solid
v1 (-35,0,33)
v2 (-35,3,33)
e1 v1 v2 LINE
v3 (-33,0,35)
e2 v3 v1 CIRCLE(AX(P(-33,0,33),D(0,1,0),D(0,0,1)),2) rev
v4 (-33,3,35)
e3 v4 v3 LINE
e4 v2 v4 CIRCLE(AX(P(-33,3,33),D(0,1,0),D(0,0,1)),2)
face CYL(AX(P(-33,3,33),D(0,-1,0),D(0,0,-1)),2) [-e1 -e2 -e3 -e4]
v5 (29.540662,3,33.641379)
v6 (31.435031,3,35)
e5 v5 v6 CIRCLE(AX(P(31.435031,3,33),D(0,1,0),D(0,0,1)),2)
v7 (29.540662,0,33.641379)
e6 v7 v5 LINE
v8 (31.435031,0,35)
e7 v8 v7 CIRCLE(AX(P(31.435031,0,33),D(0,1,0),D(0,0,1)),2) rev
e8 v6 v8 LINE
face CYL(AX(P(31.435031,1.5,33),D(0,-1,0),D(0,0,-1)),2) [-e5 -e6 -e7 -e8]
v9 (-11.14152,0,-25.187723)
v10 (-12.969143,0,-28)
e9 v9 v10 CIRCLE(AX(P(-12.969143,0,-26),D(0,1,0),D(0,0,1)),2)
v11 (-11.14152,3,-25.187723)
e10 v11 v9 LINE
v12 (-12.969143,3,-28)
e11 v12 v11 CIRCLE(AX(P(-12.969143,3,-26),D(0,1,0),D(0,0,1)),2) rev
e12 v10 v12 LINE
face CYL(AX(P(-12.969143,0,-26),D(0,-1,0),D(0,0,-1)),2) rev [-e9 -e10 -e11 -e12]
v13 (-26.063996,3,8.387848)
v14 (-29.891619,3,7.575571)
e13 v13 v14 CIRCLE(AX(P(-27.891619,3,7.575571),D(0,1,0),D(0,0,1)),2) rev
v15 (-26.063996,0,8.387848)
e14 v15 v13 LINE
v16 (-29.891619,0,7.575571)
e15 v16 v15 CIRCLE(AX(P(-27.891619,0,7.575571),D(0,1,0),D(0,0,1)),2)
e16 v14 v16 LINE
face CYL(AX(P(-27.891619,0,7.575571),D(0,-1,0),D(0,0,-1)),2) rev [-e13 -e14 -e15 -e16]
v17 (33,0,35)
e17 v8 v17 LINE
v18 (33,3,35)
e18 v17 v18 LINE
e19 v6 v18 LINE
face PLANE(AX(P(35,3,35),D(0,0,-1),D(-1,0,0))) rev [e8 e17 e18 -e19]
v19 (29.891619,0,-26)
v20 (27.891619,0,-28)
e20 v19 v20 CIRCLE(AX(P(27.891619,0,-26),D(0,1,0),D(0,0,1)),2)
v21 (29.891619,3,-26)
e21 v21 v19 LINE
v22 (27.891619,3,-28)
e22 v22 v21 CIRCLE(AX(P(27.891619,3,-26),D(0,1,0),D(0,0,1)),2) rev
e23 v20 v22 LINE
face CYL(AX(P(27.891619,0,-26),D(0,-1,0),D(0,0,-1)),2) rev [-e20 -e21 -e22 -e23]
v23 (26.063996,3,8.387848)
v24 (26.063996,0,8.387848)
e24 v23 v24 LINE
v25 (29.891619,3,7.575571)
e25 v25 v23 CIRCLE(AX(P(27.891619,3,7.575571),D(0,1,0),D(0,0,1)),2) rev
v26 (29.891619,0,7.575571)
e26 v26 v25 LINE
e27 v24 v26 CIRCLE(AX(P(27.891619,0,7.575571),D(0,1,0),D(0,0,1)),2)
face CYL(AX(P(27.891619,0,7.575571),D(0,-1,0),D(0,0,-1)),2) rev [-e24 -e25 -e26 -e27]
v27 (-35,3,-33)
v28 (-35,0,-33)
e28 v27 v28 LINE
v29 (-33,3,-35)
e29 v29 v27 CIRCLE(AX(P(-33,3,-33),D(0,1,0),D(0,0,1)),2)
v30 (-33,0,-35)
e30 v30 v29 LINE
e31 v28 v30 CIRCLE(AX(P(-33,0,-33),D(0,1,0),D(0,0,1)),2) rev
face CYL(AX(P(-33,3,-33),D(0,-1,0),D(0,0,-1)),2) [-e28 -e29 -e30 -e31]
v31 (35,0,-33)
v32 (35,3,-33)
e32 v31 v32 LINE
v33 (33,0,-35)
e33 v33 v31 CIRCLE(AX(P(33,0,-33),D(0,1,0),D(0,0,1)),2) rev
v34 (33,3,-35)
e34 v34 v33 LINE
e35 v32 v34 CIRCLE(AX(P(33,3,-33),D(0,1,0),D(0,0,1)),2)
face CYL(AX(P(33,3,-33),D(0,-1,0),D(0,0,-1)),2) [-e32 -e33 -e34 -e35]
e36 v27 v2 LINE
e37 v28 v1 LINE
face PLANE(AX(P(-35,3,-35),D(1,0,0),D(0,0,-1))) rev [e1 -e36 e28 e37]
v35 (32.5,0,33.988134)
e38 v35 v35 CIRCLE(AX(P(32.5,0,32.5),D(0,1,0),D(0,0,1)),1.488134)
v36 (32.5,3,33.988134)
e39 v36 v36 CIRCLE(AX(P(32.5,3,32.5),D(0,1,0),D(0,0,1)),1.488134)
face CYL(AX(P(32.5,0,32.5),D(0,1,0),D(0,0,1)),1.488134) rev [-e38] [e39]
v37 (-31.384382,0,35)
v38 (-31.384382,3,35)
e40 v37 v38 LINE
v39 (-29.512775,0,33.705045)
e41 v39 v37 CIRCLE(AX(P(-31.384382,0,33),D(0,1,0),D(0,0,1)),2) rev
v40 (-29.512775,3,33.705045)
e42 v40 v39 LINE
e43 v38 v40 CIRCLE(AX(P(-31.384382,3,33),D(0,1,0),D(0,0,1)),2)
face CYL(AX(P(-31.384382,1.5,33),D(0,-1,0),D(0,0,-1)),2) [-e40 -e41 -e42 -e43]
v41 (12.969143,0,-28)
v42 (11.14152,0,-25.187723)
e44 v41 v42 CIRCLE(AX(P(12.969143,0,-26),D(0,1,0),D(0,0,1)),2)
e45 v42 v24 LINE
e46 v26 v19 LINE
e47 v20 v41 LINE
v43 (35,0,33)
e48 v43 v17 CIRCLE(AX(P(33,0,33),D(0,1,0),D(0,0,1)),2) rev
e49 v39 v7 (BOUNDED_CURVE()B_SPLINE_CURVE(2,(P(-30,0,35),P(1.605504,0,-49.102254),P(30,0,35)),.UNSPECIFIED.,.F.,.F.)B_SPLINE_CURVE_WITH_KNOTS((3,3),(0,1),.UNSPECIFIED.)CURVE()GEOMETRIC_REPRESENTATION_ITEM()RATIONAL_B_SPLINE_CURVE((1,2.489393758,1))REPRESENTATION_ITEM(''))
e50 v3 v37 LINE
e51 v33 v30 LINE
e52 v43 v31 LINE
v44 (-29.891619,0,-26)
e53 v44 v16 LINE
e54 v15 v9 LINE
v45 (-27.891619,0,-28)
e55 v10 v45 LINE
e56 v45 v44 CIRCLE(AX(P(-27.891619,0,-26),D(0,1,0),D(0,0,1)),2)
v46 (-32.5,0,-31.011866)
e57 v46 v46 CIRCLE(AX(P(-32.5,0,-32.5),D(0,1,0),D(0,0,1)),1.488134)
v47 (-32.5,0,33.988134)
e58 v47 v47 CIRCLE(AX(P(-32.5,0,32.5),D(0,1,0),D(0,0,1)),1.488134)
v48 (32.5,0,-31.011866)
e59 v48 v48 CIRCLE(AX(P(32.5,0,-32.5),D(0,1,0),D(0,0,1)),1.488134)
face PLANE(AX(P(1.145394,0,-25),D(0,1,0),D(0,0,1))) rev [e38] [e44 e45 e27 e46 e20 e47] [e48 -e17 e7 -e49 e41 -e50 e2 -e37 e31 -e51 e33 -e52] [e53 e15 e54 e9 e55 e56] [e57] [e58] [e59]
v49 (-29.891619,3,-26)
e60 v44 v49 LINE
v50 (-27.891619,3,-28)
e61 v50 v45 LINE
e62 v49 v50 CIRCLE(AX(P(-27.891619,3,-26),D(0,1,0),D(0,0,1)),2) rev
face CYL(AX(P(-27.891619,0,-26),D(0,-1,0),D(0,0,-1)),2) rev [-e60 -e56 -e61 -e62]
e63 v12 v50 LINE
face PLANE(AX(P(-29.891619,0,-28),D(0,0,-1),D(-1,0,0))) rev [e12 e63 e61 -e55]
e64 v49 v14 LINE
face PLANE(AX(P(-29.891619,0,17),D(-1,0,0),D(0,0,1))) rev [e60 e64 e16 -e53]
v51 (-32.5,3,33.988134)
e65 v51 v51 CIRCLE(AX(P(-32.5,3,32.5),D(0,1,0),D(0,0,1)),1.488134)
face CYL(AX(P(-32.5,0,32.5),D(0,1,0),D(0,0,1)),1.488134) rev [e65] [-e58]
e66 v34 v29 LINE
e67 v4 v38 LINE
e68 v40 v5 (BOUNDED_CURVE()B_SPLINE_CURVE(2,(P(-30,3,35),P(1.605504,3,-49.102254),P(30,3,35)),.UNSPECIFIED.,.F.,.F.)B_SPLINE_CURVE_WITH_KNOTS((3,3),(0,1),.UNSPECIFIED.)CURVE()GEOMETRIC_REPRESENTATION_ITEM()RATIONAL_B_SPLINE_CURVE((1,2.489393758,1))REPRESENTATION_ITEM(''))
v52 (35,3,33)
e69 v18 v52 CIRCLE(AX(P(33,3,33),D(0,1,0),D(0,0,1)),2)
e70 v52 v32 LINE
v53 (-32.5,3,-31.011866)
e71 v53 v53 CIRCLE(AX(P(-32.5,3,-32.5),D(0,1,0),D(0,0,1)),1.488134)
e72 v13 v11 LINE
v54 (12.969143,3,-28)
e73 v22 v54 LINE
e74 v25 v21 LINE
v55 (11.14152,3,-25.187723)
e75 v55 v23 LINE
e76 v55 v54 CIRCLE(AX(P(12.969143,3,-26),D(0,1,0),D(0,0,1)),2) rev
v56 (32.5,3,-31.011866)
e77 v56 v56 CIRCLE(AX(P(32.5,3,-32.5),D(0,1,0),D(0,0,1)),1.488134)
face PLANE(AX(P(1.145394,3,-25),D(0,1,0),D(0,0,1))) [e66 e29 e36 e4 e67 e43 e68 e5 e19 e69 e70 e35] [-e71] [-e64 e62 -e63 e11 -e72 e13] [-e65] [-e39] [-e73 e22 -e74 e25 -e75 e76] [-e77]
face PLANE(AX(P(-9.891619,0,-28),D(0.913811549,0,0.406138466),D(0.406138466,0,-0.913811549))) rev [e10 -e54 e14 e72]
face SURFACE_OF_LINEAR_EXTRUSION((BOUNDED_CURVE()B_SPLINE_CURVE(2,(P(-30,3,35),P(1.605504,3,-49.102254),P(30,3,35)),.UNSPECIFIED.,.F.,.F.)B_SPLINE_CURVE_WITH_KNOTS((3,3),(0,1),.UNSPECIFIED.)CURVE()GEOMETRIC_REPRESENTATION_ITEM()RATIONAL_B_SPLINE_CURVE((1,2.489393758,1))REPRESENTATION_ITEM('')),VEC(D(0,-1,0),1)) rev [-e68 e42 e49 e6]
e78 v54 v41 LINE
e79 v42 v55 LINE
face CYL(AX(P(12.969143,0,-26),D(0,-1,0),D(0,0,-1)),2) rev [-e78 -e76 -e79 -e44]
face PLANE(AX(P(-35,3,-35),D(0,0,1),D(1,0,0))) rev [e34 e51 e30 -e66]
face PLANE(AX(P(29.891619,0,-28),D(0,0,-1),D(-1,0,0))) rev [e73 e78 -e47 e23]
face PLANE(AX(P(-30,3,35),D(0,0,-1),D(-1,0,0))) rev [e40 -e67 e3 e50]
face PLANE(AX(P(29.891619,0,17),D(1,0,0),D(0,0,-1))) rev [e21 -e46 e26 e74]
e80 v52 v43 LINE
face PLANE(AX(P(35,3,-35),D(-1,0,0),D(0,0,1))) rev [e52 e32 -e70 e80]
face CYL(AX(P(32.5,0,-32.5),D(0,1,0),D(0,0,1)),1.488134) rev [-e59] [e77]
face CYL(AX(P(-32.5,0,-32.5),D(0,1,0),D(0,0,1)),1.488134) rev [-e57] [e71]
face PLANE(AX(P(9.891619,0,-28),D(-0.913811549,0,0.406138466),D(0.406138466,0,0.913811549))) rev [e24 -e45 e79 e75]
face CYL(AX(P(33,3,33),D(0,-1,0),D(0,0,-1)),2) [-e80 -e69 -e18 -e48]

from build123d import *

# Parameters (mm, degrees)
BOSS_EXTRUDE1_DEPTH = 3
SKETCH3_R           = 1.488133846
CUT_EXTRUDE1_DEPTH  = 50.58830522
FILLET1_R           = 2
CUT_EXTRUDE2_DEPTH  = 50.58830522
FILLET2_R           = 2


with BuildPart() as part:
    # Sketch2 → Boss-Extrude1 (new body)
    with BuildSketch(Plane(origin=(0, 0, 0), x_dir=(1, 0, 0), z_dir=(0, 1, 0))):
        with BuildLine():
            Line((-30, -35), (-35, -35))
            Line((-35, -35), (-35, 35))
            Line((-35, 35), (35, 35))
            Line((35, 35), (35, -35))
            Line((35, -35), (30, -35))
            add(Edge.make_bspline(
                [(-30, -35), (1.605503948, 49.102253739), (30, -35)],
                knots=[0, 0, 0, 1, 1, 1], degree=2, weights=[1, 2.489393758, 1]))
        make_face()
    extrude(amount=BOSS_EXTRUDE1_DEPTH)

    # Sketch3 → Cut-Extrude1 (cut, through all)
    with BuildSketch(Plane(origin=(0, 3, 0), x_dir=(1, 0, 0), z_dir=(0, 1, 0))):
        with Locations(Location((-32.5, 32.5, 0), (0, 0, 270))):
            Circle(SKETCH3_R)
        with Locations(Location((32.5, 32.5, 0), (0, 0, 270))):
            Circle(SKETCH3_R)
        with Locations(Location((32.5, -32.5, 0), (0, 0, 270))):
            Circle(SKETCH3_R)
        with Locations(Location((-32.5, -32.5, 0), (0, 0, 270))):
            Circle(SKETCH3_R)
    extrude(amount=-CUT_EXTRUDE1_DEPTH, mode=Mode.SUBTRACT)

    # Fillet1
    fillet1_edges = [part.edges().sort_by_distance(p)[0] for p in [
        (35, 1.5, 35),
        (30, 1.5, 35),
        (-30, 1.5, 35),
        (-35, 1.5, 35),
        (-35, 1.5, -35),
        (35, 1.5, -35),
    ]]
    fillet(fillet1_edges, radius=FILLET1_R)

    # Sketch4 → Cut-Extrude2 (cut, through all)
    with BuildSketch(Plane(origin=(0, 3, 0), x_dir=(1, 0, 0), z_dir=(0, 1, 0))):
        Polygon((-29.891619327, -17), (-29.891619327, 28), (-9.891619327, 28), align=None)
        Polygon((29.891619327, -17), (29.891619327, 28), (9.891619327, 28), align=None)
    extrude(amount=-CUT_EXTRUDE2_DEPTH, mode=Mode.SUBTRACT)

    # Fillet2
    fillet2_edges = [part.edges().sort_by_distance(p)[0] for p in [
        (-9.891619327, 1.5, -28),
        (-29.891619327, 1.5, 17),
        (-29.891619327, 1.5, -28),
        (29.891619327, 1.5, 17),
        (9.891619327, 1.5, -28),
        (29.891619327, 1.5, -28),
    ]]
    fillet(fillet2_edges, radius=FILLET2_R)


solid = part.part
